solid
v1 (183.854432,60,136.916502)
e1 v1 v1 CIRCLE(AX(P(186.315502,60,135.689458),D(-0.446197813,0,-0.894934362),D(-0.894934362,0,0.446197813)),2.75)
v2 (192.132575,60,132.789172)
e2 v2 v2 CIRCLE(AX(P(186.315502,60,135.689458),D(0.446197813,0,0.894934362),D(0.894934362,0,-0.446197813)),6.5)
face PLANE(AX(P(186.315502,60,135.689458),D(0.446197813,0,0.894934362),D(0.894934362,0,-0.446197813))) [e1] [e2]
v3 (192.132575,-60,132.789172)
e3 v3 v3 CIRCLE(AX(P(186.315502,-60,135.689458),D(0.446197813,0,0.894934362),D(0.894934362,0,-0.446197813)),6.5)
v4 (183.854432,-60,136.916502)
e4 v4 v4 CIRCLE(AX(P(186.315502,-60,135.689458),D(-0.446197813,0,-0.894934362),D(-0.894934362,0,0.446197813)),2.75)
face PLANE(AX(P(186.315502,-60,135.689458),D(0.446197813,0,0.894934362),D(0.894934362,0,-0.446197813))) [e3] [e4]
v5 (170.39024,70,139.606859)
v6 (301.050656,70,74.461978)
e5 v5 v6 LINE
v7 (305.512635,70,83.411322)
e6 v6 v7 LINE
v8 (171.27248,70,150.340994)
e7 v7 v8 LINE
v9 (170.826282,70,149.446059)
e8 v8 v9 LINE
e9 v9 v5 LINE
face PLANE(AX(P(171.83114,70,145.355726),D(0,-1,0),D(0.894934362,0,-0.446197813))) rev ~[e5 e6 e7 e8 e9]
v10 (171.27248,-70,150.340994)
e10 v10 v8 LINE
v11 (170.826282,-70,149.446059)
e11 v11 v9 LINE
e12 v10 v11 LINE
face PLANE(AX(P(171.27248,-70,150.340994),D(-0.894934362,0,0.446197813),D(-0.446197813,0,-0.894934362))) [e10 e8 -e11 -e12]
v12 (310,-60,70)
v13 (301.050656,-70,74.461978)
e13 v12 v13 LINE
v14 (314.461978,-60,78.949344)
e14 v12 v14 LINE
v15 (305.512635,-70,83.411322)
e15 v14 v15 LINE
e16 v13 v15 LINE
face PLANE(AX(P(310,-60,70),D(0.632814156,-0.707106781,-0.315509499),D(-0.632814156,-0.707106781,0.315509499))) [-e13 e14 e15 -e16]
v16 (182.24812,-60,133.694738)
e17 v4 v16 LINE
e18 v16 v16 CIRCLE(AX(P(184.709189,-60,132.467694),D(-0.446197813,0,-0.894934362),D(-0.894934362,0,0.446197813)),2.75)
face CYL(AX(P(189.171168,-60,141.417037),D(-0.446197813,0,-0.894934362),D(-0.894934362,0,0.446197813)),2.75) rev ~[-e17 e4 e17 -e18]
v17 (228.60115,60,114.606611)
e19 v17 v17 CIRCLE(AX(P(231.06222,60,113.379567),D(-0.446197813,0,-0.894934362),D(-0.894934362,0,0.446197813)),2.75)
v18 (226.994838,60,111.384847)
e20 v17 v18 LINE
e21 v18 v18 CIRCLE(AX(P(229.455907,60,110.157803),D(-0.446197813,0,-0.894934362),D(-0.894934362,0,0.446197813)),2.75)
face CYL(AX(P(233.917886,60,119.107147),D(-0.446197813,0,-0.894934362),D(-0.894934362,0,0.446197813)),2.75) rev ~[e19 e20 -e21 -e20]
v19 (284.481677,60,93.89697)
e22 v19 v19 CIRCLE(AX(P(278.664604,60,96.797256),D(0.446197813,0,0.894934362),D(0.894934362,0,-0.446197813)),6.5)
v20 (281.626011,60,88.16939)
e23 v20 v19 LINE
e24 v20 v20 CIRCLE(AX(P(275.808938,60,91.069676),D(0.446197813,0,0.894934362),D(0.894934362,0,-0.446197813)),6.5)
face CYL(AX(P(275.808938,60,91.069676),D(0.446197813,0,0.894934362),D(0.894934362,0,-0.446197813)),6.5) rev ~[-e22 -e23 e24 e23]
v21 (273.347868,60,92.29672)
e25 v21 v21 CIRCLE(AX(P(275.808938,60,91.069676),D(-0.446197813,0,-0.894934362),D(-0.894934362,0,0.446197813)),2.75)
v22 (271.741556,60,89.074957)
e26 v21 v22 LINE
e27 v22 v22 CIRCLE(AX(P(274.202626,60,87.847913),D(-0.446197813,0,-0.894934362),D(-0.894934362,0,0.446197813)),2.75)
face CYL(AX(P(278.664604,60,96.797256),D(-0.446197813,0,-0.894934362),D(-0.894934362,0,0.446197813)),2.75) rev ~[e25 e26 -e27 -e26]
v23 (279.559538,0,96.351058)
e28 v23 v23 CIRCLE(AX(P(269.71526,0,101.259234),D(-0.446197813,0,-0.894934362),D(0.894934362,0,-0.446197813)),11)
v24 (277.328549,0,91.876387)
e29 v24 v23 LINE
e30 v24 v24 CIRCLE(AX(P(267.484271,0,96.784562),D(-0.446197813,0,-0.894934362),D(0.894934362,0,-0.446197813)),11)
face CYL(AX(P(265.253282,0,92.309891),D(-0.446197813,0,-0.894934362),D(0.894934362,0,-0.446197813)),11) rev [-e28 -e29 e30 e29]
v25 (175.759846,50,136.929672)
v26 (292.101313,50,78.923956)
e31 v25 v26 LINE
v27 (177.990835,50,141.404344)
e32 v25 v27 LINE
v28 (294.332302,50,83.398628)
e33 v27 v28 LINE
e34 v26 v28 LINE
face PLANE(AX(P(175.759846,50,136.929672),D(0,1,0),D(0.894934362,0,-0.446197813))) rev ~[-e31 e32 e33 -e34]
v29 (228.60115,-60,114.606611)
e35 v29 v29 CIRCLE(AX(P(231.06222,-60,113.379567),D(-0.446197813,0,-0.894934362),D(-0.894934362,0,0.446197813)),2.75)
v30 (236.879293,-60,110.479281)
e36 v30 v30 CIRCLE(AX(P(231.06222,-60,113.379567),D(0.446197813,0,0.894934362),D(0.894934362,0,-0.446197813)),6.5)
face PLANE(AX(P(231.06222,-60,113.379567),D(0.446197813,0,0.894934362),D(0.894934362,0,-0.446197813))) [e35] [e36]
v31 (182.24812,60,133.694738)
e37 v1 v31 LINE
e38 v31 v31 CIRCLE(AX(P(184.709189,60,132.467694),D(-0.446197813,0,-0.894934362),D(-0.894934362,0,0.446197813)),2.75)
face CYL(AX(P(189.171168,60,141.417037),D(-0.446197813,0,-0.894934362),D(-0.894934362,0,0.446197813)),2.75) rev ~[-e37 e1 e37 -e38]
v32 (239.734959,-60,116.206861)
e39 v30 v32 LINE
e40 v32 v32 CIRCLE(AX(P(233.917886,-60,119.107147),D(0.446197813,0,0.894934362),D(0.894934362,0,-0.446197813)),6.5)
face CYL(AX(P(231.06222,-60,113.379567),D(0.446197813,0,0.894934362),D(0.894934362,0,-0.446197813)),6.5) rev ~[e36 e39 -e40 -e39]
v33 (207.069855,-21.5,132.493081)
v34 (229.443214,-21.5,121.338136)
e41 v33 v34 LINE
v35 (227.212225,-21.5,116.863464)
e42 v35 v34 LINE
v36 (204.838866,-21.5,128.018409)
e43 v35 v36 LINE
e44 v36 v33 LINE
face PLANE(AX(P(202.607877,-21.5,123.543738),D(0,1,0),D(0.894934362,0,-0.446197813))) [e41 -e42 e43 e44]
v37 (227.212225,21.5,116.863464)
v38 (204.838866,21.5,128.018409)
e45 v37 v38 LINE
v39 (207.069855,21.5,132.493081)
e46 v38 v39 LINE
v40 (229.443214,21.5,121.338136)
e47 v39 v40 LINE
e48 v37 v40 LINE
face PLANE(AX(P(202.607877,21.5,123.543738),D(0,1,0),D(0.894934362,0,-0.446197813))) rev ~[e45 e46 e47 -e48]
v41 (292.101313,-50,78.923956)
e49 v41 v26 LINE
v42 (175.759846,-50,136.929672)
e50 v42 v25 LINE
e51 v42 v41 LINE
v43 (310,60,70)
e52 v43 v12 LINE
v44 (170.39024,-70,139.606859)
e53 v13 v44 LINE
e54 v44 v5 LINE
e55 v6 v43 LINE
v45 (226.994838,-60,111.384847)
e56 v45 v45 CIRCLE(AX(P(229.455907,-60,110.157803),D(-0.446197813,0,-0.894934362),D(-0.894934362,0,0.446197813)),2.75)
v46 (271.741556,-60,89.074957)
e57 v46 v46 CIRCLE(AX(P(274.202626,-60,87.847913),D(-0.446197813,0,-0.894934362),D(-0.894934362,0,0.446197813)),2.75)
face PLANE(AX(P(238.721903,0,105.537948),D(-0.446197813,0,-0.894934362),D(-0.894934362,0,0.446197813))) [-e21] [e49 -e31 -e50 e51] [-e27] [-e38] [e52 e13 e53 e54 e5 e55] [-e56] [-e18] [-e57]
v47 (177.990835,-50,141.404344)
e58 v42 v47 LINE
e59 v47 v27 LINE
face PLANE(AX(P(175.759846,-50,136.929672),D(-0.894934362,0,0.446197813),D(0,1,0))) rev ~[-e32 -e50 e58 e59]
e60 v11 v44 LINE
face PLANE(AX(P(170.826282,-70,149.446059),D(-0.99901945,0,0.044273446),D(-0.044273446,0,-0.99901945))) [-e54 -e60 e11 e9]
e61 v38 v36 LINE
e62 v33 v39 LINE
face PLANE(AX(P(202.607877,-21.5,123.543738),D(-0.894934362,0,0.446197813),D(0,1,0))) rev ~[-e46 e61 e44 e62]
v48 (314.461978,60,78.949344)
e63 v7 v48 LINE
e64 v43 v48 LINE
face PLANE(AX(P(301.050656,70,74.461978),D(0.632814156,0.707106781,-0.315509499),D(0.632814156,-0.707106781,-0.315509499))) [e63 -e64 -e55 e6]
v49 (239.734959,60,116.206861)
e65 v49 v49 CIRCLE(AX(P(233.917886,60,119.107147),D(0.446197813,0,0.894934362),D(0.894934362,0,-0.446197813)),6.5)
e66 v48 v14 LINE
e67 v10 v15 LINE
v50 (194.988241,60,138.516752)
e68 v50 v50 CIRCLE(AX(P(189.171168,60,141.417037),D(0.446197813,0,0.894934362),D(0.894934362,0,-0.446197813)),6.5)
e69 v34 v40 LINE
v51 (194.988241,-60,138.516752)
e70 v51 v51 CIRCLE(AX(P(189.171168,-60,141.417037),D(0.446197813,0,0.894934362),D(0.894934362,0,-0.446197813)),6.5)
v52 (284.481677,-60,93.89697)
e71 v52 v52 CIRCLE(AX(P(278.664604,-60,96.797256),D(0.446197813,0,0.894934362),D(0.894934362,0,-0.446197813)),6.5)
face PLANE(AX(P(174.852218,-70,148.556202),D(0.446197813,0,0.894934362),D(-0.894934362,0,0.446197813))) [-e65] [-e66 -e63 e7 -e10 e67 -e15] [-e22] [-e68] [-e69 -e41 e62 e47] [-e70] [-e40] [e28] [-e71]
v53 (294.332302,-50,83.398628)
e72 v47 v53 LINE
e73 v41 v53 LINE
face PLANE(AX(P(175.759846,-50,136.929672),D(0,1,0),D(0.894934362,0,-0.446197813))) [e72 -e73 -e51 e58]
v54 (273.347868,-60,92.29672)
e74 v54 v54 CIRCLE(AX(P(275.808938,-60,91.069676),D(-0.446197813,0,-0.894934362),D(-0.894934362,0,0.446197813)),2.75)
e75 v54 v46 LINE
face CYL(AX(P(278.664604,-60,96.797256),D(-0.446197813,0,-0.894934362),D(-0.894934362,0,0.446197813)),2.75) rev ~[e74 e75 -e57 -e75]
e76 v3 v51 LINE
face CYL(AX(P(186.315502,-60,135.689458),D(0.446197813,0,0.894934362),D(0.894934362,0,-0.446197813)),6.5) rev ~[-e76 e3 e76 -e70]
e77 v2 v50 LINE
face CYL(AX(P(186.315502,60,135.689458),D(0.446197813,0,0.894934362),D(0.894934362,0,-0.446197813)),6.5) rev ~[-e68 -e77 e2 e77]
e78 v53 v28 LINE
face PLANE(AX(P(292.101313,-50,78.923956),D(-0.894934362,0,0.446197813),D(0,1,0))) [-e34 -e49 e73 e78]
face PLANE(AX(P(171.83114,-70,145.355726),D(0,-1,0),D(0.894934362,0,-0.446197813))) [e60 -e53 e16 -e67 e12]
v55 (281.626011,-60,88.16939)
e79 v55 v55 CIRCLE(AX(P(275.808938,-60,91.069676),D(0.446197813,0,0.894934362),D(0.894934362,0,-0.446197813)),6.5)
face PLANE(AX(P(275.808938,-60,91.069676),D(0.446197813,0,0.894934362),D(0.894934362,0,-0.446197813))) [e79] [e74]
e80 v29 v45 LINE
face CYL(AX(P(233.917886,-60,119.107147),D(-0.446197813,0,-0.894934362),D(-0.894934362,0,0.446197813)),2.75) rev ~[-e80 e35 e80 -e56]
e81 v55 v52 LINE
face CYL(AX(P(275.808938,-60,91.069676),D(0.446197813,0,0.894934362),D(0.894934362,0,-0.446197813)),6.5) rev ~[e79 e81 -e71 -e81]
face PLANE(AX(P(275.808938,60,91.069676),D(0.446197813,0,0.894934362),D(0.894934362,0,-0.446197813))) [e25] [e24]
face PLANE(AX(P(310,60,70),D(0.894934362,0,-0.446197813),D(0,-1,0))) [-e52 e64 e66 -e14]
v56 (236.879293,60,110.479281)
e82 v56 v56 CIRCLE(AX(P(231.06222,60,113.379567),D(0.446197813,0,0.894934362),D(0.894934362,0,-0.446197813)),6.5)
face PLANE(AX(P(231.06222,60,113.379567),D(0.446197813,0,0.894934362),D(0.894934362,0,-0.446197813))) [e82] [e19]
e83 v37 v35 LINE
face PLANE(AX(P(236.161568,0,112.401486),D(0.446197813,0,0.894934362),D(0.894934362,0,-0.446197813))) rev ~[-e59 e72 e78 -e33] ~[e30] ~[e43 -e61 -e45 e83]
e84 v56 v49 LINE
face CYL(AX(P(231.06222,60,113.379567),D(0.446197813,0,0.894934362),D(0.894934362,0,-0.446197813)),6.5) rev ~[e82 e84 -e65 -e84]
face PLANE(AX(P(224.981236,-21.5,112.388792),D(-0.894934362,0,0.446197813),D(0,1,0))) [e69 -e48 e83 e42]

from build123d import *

# Parameters (mm, degrees)
PAD008_DEPTH            = 10
HOLE007_D               = 5.5
HOLE007_DEPTH           = 25
HOLE007_CBORE_D         = 13
HOLE007_CBORE_DEPTH     = 6.4
SKETCH024_W             = 130
SKETCH024_H             = 100
POCKET006_DEPTH         = 5
SKETCH025_W             = 25
SKETCH025_H             = 43
POCKET007_DEPTH         = 21
SKETCH026_R             = 11
POCKET008_DEPTH         = 12
PAD009_DEPTH            = 140
BODY004_PLACEMENT_ANGLE = 333.5


with BuildPart() as part:
    # Sketch022 → Pad008 (new body)
    with BuildSketch(Plane.XY):
        Polygon((0, 60), (0, -60), (-10, -70), (-156, -70), (-156, 70), (-10, 70), align=None)
    extrude(amount=PAD008_DEPTH)

    # Hole007
    with Locations(Plane.XY.offset(10)):
        with Locations((-140, 60), (-140, -60), (-90, -60), (-90, 60), (-40, 60), (-40, -60)):
            CounterBoreHole(HOLE007_D / 2, HOLE007_CBORE_D / 2, HOLE007_CBORE_DEPTH, depth=HOLE007_DEPTH)

    # Sketch024 → Pocket006 (cut)
    with BuildSketch(Plane.XY):
        with Locations((-85, 0)):
            Rectangle(SKETCH024_W, SKETCH024_H)
    extrude(amount=POCKET006_DEPTH, mode=Mode.SUBTRACT)

    # Sketch025 → Pocket007 (cut)
    with BuildSketch(Plane.XY):
        with Locations((-107.5, 0)):
            Rectangle(SKETCH025_W, SKETCH025_H)
    extrude(amount=POCKET007_DEPTH, mode=Mode.SUBTRACT)

    # Sketch026 → Pocket008 (cut)
    with BuildSketch(Plane.XY):
        with Locations((-50, 0)):
            Circle(SKETCH026_R)
    extrude(amount=POCKET008_DEPTH, mode=Mode.SUBTRACT)

    # Sketch027 → Pad009 (join)
    with BuildSketch(Plane.XZ.offset(70)):
        Polygon((-156, 10), (-160, 10), (-160, 9), (-156, 0), align=None)
    extrude(amount=-PAD009_DEPTH)


with BuildPart() as part_1:
    # Body004 placement: moved
    add(part.part.moved(Location((310, 0, 70))).rotate(Axis((310, 0, 70), (0, -1, 0)), BODY004_PLACEMENT_ANGLE))


solid = part_1.part
